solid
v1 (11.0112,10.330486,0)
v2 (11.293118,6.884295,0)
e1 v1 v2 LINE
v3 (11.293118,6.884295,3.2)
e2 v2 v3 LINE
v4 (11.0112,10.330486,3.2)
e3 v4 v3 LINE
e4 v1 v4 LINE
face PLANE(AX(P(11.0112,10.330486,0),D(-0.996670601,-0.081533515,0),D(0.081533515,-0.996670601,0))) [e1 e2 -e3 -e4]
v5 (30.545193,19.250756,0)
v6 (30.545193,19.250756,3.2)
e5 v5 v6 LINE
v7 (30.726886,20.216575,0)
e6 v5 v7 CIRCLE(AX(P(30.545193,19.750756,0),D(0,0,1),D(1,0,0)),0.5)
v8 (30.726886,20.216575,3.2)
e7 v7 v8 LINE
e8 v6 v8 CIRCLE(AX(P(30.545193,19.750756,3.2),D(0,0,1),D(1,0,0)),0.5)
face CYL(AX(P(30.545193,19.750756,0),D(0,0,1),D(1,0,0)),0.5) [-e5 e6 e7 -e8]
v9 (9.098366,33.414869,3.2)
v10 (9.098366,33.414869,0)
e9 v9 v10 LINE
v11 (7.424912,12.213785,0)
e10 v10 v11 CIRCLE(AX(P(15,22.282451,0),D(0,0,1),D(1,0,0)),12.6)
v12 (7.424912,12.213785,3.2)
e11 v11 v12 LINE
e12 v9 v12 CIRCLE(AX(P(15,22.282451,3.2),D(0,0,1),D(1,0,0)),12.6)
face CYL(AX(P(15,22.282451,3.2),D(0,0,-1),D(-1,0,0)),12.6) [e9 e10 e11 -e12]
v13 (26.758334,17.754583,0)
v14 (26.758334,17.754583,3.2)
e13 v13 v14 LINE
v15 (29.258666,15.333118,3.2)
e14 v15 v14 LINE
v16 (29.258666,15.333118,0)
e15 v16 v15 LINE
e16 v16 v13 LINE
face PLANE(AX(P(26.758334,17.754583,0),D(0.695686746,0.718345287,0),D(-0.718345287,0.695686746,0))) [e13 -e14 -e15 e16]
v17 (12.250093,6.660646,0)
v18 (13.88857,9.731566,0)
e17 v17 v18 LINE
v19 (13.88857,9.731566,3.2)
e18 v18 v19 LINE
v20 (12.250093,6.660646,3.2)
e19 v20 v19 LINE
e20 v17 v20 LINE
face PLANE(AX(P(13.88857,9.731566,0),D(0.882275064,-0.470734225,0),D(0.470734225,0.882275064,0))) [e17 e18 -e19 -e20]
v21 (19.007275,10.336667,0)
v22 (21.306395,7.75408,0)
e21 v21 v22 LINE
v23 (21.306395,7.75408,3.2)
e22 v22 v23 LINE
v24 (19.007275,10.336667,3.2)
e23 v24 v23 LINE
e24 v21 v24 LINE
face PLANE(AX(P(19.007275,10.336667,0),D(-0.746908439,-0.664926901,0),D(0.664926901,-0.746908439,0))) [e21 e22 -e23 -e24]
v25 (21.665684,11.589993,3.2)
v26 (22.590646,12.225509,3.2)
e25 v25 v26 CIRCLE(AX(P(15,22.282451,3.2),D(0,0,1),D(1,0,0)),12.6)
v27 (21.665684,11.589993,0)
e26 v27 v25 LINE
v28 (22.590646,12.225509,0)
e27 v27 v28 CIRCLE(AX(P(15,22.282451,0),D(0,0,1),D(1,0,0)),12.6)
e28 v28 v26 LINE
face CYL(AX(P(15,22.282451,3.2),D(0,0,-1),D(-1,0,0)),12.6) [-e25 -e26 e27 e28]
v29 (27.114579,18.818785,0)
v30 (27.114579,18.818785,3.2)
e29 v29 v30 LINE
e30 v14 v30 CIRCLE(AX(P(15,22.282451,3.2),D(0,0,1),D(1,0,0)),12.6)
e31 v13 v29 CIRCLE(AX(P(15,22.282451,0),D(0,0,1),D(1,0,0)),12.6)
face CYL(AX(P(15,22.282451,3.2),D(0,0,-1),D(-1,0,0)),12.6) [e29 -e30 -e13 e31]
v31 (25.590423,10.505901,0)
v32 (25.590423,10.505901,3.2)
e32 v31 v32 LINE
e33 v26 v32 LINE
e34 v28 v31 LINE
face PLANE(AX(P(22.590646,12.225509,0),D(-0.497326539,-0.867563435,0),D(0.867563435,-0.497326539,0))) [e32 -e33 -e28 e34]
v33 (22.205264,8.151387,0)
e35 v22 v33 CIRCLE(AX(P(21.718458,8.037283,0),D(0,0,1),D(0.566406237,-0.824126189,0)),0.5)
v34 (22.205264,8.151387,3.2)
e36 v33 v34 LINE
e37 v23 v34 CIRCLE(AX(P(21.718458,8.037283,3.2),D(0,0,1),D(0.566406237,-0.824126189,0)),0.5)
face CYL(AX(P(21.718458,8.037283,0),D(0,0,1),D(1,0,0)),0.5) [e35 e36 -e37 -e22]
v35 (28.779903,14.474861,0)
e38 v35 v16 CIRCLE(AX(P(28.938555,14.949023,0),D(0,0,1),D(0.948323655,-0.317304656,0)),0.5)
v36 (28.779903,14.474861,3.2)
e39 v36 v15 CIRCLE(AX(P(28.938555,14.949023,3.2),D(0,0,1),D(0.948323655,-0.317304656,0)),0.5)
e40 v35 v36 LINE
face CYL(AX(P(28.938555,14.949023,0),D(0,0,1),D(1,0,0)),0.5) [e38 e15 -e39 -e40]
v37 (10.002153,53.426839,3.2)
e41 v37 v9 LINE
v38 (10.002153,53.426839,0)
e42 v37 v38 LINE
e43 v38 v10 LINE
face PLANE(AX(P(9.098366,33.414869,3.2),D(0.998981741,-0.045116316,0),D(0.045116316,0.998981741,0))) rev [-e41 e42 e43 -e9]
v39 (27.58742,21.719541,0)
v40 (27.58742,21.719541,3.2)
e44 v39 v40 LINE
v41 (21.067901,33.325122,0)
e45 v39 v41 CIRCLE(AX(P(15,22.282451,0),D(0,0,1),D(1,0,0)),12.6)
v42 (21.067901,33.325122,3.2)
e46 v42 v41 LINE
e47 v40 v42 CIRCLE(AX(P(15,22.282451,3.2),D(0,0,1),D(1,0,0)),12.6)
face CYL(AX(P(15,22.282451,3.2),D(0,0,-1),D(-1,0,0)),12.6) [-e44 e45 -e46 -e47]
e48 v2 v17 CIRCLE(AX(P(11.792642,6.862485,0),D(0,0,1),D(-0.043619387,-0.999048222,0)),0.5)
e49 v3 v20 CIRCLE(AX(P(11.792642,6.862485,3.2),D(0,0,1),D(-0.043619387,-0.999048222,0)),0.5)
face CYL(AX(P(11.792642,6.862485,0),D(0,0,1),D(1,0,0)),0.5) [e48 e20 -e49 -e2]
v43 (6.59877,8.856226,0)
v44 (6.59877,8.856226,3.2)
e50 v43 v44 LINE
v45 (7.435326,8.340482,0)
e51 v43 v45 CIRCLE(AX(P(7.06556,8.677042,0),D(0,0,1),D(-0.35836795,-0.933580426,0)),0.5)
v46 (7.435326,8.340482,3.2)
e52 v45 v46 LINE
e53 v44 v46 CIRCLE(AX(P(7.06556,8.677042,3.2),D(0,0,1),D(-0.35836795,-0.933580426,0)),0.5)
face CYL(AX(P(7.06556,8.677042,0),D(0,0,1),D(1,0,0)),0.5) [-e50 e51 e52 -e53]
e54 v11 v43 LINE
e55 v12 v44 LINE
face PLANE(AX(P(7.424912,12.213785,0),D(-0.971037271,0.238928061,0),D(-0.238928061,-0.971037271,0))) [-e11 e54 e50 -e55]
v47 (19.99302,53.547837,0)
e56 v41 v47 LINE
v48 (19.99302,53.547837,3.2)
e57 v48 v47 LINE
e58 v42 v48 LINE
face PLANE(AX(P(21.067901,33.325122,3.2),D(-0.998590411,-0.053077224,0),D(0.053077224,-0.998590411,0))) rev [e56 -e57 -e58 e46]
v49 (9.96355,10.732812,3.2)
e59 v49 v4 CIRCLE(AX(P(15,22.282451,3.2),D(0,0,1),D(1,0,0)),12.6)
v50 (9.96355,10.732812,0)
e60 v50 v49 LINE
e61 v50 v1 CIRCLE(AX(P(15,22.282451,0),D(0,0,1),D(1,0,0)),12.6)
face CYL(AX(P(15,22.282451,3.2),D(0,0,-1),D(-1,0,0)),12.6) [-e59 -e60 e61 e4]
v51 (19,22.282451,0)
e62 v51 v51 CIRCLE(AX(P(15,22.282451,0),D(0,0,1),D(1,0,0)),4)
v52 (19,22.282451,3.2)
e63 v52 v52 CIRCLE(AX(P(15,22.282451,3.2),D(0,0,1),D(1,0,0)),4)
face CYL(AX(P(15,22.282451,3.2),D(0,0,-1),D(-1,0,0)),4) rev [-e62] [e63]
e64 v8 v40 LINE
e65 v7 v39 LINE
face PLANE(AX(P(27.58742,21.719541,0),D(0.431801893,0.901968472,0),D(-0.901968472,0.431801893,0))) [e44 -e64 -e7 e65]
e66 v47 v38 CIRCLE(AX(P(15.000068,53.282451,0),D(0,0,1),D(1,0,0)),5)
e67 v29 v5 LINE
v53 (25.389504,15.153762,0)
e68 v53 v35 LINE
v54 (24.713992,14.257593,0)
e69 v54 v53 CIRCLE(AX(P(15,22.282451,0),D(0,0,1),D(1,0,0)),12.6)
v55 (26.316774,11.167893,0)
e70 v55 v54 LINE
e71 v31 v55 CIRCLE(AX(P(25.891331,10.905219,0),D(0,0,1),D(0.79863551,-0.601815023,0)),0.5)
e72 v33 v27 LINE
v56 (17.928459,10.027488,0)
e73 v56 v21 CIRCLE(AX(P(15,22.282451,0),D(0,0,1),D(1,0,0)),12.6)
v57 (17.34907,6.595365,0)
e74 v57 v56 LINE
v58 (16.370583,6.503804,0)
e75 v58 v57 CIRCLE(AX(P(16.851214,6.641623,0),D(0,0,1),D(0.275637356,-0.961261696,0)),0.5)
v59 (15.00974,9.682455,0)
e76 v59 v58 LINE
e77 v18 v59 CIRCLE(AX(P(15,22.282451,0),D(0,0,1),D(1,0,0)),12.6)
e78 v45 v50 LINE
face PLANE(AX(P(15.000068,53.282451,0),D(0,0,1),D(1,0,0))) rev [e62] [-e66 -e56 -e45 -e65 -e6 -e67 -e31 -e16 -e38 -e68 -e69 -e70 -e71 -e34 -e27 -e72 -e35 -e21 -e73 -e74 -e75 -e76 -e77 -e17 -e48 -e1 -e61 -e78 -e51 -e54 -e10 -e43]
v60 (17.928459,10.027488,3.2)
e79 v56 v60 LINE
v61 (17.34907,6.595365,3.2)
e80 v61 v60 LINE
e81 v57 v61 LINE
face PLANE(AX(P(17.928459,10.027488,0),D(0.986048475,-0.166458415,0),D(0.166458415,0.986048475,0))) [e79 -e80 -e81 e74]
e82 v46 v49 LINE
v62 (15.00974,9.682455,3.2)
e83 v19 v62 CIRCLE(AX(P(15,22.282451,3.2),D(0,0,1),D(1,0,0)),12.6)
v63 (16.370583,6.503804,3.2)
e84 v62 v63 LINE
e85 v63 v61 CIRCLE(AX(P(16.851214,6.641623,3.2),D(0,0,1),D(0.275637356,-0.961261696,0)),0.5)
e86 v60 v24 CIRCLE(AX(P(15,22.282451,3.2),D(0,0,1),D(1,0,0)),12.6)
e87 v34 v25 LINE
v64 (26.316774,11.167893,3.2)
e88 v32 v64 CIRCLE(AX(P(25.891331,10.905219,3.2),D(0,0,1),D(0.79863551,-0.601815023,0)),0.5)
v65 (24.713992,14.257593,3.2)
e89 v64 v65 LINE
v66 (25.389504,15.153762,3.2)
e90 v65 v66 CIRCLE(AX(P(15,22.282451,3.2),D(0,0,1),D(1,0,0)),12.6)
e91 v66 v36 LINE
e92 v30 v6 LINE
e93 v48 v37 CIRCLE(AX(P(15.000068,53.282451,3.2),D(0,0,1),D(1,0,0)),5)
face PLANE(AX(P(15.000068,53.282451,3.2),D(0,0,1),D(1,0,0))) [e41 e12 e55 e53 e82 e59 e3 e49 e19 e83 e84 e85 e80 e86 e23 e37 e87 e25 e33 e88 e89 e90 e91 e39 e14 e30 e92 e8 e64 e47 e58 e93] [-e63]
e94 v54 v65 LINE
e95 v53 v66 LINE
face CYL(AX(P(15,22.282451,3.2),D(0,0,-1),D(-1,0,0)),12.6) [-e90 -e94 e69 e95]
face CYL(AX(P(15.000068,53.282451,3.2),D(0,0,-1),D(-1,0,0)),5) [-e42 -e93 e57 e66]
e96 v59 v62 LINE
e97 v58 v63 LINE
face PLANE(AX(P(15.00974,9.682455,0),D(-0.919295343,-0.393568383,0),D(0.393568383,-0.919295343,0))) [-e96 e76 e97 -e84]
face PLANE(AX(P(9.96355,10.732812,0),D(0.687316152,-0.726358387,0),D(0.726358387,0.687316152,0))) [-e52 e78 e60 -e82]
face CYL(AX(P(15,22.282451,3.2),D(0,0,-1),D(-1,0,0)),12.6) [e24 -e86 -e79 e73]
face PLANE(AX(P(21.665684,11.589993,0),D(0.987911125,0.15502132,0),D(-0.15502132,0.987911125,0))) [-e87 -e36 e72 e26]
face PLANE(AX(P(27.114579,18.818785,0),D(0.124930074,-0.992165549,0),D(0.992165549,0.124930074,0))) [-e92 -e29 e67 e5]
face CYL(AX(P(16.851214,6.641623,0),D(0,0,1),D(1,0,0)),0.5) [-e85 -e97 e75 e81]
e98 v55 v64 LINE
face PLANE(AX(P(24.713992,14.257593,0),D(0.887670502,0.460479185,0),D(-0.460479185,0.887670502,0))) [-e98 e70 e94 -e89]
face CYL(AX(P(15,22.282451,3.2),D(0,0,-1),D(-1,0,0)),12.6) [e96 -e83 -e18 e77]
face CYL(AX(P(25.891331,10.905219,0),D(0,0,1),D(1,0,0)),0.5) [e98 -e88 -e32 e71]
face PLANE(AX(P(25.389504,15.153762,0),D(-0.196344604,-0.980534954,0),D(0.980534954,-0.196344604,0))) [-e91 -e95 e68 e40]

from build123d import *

# Parameters (mm, degrees)
SKETCH4_R           = 4
BOSS_EXTRUDE4_DEPTH = 3.2
BOSS_EXTRUDE6_START = -3.2
BOSS_EXTRUDE6_DEPTH = 3.2
CIRPATTERN3_COUNT   = 7
CIRPATTERN3_ANGLE   = 111


with BuildPart() as part:
    # Sketch4 → Boss-Extrude4 (new body)
    with BuildSketch(Plane.XY):
        with BuildLine():
            Line((21.067900641, 33.325122256), (19.993019925, 53.547837419))
            ThreePointArc((19.993019925, 53.547837419), (14.939517656, 58.282084655), (10.002153079, 53.426838719))
            Line((10.002153079, 53.426838719), (9.098366441, 33.414868889))
            ThreePointArc((9.098366441, 33.414868889), (14.90552884, 9.682805465), (21.067900641, 33.325122256))
        make_face()
        with Locations((15, 22.282451301)):
            Circle(SKETCH4_R, mode=Mode.SUBTRACT)
    extrude(amount=BOSS_EXTRUDE4_DEPTH)

    # Sketch6 → Boss-Extrude6 (add)
    with BuildSketch(Plane.XY.offset(3.2).offset(BOSS_EXTRUDE6_START)):
        with BuildLine():
            Line((27.587419579, 21.71954071), (30.726886196, 20.216575064))
            ThreePointArc((30.726886196, 20.216575064), (31.03657327, 19.658315603), (30.545192773, 19.250755893))
            Line((30.545192773, 19.250755893), (27.114578574, 18.81878475))
            ThreePointArc((27.114578574, 18.81878475), (27.435866455, 20.255328827), (27.587419579, 21.71954071))
        make_face()
    boss_extrude6 = extrude(amount=BOSS_EXTRUDE6_DEPTH)

    # CirPattern3: Boss-Extrude6 ×7 about axis
    cirpattern3_axis = Axis((15, 22.282451301, 0), (0, 0, -1))
    for i in range(1, CIRPATTERN3_COUNT):
        add(boss_extrude6.rotate(cirpattern3_axis, i * CIRPATTERN3_ANGLE / (CIRPATTERN3_COUNT - 1)))


solid = part.part
